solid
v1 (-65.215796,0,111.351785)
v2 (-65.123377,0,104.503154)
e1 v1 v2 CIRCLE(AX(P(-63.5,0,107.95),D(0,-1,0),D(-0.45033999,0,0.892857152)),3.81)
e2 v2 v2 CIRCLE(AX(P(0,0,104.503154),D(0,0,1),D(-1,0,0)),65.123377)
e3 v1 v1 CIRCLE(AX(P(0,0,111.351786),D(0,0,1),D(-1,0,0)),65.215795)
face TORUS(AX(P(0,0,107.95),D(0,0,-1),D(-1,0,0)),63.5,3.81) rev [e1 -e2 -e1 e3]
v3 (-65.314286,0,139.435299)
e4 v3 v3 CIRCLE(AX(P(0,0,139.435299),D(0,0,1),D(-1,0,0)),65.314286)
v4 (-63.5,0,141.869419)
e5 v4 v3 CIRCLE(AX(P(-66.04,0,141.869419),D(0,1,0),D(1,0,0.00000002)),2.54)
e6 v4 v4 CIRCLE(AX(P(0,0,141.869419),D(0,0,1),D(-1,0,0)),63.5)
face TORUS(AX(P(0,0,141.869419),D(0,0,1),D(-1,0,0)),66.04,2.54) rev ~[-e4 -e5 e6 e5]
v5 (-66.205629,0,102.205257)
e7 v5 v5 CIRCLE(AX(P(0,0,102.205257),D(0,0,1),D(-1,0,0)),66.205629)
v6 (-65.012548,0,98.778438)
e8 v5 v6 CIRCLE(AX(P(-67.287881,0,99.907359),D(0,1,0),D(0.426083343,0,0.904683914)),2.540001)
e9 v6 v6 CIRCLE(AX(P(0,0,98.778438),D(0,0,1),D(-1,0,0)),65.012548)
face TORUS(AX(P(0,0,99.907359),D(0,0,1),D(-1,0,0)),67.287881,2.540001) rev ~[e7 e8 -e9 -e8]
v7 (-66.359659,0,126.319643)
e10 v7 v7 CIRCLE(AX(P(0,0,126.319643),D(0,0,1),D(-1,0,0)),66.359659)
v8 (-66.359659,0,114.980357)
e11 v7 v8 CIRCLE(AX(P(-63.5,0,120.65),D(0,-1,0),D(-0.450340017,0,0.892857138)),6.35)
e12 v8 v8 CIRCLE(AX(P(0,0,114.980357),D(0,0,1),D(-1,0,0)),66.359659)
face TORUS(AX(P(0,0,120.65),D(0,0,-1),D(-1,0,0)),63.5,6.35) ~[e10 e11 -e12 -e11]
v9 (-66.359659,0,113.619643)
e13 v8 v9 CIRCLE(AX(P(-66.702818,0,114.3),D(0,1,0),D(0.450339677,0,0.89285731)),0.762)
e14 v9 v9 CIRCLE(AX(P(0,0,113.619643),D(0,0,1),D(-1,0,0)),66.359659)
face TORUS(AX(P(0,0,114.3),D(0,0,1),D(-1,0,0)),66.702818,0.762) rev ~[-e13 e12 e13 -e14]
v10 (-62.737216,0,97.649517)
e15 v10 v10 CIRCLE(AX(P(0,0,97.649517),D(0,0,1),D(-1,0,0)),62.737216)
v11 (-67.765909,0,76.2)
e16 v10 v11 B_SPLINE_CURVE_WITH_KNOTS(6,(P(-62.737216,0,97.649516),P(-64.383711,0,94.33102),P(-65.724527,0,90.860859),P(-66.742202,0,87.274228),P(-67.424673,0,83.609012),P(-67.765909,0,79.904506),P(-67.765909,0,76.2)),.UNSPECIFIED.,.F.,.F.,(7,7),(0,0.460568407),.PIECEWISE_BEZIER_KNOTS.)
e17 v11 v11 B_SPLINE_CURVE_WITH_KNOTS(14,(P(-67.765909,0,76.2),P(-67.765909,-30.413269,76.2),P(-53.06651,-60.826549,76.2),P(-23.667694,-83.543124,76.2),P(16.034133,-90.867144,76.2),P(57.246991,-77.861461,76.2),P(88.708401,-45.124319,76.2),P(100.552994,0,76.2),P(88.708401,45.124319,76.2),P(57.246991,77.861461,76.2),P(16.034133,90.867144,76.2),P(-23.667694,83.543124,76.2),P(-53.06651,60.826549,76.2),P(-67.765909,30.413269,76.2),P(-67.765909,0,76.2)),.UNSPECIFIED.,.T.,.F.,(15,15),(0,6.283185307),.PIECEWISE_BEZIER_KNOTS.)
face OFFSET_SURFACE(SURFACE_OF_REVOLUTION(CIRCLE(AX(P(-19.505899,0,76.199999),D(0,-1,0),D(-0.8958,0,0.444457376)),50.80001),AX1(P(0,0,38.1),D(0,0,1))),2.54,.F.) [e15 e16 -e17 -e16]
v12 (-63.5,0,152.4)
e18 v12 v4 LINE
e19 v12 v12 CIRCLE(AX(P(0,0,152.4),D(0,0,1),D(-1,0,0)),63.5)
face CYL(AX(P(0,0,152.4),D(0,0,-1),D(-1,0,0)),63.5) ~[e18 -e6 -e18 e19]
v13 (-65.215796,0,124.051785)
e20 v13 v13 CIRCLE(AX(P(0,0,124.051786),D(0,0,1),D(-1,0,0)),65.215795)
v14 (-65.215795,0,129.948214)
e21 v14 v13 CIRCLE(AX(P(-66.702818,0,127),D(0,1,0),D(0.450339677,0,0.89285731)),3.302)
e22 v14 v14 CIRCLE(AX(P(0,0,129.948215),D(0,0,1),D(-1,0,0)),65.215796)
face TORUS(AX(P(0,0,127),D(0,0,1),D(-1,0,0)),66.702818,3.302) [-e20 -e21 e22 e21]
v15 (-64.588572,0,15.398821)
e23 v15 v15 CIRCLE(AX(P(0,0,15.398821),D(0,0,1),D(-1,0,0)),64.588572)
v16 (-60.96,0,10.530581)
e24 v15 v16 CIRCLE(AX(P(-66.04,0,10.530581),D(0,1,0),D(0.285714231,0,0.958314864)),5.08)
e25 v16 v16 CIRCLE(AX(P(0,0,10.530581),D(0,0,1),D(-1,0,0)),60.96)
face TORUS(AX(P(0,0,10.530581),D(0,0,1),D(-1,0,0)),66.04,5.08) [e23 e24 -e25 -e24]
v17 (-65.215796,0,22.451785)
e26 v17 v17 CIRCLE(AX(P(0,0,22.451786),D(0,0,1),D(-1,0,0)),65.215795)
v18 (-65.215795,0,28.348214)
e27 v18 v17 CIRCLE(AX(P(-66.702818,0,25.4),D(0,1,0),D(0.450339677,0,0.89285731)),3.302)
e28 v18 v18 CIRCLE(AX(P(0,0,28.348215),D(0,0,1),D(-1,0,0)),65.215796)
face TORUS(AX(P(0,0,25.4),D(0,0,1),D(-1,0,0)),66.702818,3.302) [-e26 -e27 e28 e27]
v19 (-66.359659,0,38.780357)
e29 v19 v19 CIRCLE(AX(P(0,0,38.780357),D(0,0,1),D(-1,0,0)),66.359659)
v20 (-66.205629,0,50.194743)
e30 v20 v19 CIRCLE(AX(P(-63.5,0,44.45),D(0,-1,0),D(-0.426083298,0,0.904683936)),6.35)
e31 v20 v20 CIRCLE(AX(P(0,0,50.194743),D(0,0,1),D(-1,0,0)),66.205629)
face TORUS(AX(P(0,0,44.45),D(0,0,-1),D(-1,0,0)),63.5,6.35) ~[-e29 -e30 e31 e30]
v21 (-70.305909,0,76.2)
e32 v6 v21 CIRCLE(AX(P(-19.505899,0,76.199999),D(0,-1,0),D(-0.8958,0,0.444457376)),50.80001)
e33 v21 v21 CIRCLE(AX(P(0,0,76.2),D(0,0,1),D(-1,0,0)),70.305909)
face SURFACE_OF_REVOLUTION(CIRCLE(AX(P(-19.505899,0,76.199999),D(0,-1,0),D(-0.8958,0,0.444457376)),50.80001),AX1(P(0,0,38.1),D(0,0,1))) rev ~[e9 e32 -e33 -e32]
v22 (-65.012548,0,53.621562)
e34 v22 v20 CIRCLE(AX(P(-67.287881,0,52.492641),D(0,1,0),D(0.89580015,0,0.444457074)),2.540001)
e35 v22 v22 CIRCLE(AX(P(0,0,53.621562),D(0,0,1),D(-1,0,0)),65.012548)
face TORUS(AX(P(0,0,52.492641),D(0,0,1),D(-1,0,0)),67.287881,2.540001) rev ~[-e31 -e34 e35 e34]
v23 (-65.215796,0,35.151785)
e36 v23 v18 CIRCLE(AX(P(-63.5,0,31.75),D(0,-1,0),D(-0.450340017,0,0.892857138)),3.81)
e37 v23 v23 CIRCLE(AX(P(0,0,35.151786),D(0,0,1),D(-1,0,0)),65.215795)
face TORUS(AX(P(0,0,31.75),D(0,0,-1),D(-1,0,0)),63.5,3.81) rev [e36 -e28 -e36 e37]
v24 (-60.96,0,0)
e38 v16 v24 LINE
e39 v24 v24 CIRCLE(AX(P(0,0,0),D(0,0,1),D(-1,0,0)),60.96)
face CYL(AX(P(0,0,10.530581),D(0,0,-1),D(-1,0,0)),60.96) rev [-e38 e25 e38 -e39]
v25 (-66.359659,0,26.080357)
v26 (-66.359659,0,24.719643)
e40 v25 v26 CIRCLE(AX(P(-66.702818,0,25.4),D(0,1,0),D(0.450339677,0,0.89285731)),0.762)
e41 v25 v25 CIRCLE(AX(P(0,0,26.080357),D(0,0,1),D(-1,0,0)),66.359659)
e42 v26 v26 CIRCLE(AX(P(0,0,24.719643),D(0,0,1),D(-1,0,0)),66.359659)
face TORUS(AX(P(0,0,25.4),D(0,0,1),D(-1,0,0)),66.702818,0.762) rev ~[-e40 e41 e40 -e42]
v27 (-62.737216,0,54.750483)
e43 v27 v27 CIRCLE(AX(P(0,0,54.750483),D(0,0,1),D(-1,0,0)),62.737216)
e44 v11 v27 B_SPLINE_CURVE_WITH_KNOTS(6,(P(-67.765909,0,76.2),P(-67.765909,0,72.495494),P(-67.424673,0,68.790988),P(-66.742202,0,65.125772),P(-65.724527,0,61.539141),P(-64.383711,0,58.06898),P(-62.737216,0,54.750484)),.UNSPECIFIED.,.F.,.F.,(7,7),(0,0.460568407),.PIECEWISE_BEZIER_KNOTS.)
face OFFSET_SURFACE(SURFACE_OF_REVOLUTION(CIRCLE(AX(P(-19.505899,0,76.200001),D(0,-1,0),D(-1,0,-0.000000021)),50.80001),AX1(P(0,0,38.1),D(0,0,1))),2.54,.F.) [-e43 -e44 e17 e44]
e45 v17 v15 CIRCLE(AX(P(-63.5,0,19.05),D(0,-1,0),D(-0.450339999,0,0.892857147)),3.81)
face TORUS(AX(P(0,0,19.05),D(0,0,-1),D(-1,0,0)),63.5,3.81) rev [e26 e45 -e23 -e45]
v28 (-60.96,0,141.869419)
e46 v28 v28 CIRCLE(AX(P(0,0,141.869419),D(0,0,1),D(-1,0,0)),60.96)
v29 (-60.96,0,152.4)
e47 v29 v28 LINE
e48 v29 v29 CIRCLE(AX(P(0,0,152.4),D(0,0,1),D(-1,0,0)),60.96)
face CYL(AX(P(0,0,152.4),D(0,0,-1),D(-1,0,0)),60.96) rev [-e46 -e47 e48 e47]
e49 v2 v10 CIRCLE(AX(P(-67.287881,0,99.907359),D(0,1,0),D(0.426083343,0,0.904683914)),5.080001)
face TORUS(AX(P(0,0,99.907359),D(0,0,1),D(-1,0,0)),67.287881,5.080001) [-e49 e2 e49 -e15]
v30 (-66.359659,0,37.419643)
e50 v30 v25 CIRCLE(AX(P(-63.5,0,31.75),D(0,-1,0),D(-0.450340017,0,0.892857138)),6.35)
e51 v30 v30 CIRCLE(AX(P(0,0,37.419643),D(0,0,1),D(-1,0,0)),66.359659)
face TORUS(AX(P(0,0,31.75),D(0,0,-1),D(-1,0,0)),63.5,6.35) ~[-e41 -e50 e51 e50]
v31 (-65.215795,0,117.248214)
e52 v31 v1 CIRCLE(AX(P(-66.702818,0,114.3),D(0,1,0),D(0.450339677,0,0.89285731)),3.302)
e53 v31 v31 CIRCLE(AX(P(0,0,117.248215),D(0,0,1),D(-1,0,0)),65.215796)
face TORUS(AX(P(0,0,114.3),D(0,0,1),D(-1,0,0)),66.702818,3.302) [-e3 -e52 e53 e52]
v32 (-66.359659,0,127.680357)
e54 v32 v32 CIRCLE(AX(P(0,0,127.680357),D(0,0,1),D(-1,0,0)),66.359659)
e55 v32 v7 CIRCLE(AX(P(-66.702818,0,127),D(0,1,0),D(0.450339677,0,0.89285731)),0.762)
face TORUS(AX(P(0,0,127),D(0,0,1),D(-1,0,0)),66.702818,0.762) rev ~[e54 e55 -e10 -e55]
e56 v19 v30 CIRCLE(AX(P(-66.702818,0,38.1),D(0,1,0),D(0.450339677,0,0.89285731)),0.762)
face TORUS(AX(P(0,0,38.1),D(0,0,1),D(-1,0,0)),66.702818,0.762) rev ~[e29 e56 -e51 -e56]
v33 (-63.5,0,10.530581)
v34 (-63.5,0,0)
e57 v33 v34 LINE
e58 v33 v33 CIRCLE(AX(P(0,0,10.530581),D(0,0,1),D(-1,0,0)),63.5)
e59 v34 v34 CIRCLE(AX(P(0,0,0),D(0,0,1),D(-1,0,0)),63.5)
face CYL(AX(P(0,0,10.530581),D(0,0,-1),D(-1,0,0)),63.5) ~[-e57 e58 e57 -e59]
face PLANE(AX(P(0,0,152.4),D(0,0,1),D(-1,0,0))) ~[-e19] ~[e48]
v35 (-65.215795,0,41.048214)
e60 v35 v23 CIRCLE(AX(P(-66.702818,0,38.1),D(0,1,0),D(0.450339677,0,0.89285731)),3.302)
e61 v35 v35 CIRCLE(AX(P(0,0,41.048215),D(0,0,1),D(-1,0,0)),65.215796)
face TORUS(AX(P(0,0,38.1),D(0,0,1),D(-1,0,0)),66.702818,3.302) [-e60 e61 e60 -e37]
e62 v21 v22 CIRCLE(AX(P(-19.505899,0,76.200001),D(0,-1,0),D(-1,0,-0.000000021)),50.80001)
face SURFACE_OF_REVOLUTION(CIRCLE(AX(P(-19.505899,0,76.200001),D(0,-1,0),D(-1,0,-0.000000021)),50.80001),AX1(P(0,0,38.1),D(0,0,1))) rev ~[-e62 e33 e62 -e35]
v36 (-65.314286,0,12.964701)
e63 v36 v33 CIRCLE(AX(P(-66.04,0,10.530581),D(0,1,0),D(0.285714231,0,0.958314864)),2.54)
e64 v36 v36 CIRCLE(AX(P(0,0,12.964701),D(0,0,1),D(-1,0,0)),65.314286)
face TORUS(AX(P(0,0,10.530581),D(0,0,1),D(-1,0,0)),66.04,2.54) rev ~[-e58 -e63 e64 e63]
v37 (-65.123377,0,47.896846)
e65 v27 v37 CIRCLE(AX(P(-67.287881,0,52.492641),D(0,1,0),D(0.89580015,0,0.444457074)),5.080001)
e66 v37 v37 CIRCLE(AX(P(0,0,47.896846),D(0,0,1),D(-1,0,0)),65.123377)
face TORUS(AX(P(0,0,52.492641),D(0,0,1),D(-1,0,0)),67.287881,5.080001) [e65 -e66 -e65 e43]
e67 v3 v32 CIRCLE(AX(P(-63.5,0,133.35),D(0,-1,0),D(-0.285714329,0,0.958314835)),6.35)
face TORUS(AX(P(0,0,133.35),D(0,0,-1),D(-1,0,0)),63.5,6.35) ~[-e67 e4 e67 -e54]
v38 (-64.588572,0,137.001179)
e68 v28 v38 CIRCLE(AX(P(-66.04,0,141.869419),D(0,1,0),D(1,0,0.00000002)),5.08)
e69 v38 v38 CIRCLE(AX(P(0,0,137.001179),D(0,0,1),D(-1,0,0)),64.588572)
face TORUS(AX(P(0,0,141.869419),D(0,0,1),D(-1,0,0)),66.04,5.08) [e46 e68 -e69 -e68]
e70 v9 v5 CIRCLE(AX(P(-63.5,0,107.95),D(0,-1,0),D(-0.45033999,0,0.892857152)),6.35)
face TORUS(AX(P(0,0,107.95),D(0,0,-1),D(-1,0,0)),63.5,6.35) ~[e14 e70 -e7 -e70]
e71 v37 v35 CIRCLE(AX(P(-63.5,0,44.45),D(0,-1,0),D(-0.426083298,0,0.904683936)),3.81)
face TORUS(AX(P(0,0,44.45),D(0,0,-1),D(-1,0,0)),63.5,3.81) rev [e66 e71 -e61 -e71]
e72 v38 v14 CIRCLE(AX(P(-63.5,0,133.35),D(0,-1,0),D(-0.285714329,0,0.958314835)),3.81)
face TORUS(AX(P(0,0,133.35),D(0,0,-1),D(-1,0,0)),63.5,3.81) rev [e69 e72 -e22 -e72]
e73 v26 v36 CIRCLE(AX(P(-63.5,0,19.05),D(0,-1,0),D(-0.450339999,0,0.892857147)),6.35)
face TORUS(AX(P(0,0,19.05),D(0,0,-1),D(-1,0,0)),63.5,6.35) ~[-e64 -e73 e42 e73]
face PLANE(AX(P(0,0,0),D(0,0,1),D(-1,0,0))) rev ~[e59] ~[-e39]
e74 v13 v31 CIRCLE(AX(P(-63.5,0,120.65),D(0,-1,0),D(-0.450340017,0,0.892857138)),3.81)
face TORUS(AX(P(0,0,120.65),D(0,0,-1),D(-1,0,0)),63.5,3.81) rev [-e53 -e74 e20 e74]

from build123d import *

# Parameters (mm, degrees)
F2_T = -2.54


with BuildPart() as f1:
    # F0 (on Front) → F1 (revolve)
    with BuildSketch(Plane.XZ):
        with BuildLine():
            Line((-63.5, 0), (0, 0))
            Line((0, 0), (0, 76.2))
            Line((0, 76.2), (0, 152.4))
            Line((0, 152.4), (-63.5, 152.4))
            Line((-63.5, 152.4), (-63.5, 141.869419))
            ThreePointArc((-63.5, 141.869419), (-64.003469, 140.351479), (-65.314286, 139.435299))
            ThreePointArc((-65.314286, 139.435299), (-69.825038, 133.912489), (-66.359659, 127.680357))
            ThreePointArc((-66.359659, 127.680357), (-65.940818, 127), (-66.359659, 126.319643))
            ThreePointArc((-66.359659, 126.319643), (-69.85, 120.65), (-66.359659, 114.980357))
            ThreePointArc((-66.359659, 114.980357), (-65.940818, 114.3), (-66.359659, 113.619643))
            ThreePointArc((-66.359659, 113.619643), (-69.849422, 107.864318), (-66.205629, 102.205257))
            ThreePointArc((-66.205629, 102.205257), (-64.889107, 100.742516), (-65.012548, 98.778438))
            ThreePointArc((-65.012548, 98.778438), (-68.964868, 87.795317), (-70.305909, 76.2))
            ThreePointArc((-70.305909, 76.2), (-68.964868, 64.604683), (-65.012548, 53.621562))
            ThreePointArc((-65.012548, 53.621562), (-64.889107, 51.657484), (-66.205629, 50.194743))
            ThreePointArc((-66.205629, 50.194743), (-69.849422, 44.535682), (-66.359659, 38.780357))
            ThreePointArc((-66.359659, 38.780357), (-65.940818, 38.1), (-66.359659, 37.419643))
            ThreePointArc((-66.359659, 37.419643), (-69.85, 31.75), (-66.359659, 26.080357))
            ThreePointArc((-66.359659, 26.080357), (-65.940818, 25.4), (-66.359659, 24.719643))
            ThreePointArc((-66.359659, 24.719643), (-69.825038, 18.487511), (-65.314286, 12.964701))
            ThreePointArc((-65.314286, 12.964701), (-64.003469, 12.048521), (-63.5, 10.530581))
            Line((-63.5, 10.530581), (-63.5, 0))
        make_face()
    revolve(axis=Axis((0, 0, 38.1), (0, 0, 1)))

    # F2
    f2_openings = [f1.faces().sort_by_distance(p)[0] for p in [
        (0, 0, 152.4),
        (0, 0, 0),
    ]]
    offset(amount=F2_T, openings=f2_openings)


solid = f1.part
